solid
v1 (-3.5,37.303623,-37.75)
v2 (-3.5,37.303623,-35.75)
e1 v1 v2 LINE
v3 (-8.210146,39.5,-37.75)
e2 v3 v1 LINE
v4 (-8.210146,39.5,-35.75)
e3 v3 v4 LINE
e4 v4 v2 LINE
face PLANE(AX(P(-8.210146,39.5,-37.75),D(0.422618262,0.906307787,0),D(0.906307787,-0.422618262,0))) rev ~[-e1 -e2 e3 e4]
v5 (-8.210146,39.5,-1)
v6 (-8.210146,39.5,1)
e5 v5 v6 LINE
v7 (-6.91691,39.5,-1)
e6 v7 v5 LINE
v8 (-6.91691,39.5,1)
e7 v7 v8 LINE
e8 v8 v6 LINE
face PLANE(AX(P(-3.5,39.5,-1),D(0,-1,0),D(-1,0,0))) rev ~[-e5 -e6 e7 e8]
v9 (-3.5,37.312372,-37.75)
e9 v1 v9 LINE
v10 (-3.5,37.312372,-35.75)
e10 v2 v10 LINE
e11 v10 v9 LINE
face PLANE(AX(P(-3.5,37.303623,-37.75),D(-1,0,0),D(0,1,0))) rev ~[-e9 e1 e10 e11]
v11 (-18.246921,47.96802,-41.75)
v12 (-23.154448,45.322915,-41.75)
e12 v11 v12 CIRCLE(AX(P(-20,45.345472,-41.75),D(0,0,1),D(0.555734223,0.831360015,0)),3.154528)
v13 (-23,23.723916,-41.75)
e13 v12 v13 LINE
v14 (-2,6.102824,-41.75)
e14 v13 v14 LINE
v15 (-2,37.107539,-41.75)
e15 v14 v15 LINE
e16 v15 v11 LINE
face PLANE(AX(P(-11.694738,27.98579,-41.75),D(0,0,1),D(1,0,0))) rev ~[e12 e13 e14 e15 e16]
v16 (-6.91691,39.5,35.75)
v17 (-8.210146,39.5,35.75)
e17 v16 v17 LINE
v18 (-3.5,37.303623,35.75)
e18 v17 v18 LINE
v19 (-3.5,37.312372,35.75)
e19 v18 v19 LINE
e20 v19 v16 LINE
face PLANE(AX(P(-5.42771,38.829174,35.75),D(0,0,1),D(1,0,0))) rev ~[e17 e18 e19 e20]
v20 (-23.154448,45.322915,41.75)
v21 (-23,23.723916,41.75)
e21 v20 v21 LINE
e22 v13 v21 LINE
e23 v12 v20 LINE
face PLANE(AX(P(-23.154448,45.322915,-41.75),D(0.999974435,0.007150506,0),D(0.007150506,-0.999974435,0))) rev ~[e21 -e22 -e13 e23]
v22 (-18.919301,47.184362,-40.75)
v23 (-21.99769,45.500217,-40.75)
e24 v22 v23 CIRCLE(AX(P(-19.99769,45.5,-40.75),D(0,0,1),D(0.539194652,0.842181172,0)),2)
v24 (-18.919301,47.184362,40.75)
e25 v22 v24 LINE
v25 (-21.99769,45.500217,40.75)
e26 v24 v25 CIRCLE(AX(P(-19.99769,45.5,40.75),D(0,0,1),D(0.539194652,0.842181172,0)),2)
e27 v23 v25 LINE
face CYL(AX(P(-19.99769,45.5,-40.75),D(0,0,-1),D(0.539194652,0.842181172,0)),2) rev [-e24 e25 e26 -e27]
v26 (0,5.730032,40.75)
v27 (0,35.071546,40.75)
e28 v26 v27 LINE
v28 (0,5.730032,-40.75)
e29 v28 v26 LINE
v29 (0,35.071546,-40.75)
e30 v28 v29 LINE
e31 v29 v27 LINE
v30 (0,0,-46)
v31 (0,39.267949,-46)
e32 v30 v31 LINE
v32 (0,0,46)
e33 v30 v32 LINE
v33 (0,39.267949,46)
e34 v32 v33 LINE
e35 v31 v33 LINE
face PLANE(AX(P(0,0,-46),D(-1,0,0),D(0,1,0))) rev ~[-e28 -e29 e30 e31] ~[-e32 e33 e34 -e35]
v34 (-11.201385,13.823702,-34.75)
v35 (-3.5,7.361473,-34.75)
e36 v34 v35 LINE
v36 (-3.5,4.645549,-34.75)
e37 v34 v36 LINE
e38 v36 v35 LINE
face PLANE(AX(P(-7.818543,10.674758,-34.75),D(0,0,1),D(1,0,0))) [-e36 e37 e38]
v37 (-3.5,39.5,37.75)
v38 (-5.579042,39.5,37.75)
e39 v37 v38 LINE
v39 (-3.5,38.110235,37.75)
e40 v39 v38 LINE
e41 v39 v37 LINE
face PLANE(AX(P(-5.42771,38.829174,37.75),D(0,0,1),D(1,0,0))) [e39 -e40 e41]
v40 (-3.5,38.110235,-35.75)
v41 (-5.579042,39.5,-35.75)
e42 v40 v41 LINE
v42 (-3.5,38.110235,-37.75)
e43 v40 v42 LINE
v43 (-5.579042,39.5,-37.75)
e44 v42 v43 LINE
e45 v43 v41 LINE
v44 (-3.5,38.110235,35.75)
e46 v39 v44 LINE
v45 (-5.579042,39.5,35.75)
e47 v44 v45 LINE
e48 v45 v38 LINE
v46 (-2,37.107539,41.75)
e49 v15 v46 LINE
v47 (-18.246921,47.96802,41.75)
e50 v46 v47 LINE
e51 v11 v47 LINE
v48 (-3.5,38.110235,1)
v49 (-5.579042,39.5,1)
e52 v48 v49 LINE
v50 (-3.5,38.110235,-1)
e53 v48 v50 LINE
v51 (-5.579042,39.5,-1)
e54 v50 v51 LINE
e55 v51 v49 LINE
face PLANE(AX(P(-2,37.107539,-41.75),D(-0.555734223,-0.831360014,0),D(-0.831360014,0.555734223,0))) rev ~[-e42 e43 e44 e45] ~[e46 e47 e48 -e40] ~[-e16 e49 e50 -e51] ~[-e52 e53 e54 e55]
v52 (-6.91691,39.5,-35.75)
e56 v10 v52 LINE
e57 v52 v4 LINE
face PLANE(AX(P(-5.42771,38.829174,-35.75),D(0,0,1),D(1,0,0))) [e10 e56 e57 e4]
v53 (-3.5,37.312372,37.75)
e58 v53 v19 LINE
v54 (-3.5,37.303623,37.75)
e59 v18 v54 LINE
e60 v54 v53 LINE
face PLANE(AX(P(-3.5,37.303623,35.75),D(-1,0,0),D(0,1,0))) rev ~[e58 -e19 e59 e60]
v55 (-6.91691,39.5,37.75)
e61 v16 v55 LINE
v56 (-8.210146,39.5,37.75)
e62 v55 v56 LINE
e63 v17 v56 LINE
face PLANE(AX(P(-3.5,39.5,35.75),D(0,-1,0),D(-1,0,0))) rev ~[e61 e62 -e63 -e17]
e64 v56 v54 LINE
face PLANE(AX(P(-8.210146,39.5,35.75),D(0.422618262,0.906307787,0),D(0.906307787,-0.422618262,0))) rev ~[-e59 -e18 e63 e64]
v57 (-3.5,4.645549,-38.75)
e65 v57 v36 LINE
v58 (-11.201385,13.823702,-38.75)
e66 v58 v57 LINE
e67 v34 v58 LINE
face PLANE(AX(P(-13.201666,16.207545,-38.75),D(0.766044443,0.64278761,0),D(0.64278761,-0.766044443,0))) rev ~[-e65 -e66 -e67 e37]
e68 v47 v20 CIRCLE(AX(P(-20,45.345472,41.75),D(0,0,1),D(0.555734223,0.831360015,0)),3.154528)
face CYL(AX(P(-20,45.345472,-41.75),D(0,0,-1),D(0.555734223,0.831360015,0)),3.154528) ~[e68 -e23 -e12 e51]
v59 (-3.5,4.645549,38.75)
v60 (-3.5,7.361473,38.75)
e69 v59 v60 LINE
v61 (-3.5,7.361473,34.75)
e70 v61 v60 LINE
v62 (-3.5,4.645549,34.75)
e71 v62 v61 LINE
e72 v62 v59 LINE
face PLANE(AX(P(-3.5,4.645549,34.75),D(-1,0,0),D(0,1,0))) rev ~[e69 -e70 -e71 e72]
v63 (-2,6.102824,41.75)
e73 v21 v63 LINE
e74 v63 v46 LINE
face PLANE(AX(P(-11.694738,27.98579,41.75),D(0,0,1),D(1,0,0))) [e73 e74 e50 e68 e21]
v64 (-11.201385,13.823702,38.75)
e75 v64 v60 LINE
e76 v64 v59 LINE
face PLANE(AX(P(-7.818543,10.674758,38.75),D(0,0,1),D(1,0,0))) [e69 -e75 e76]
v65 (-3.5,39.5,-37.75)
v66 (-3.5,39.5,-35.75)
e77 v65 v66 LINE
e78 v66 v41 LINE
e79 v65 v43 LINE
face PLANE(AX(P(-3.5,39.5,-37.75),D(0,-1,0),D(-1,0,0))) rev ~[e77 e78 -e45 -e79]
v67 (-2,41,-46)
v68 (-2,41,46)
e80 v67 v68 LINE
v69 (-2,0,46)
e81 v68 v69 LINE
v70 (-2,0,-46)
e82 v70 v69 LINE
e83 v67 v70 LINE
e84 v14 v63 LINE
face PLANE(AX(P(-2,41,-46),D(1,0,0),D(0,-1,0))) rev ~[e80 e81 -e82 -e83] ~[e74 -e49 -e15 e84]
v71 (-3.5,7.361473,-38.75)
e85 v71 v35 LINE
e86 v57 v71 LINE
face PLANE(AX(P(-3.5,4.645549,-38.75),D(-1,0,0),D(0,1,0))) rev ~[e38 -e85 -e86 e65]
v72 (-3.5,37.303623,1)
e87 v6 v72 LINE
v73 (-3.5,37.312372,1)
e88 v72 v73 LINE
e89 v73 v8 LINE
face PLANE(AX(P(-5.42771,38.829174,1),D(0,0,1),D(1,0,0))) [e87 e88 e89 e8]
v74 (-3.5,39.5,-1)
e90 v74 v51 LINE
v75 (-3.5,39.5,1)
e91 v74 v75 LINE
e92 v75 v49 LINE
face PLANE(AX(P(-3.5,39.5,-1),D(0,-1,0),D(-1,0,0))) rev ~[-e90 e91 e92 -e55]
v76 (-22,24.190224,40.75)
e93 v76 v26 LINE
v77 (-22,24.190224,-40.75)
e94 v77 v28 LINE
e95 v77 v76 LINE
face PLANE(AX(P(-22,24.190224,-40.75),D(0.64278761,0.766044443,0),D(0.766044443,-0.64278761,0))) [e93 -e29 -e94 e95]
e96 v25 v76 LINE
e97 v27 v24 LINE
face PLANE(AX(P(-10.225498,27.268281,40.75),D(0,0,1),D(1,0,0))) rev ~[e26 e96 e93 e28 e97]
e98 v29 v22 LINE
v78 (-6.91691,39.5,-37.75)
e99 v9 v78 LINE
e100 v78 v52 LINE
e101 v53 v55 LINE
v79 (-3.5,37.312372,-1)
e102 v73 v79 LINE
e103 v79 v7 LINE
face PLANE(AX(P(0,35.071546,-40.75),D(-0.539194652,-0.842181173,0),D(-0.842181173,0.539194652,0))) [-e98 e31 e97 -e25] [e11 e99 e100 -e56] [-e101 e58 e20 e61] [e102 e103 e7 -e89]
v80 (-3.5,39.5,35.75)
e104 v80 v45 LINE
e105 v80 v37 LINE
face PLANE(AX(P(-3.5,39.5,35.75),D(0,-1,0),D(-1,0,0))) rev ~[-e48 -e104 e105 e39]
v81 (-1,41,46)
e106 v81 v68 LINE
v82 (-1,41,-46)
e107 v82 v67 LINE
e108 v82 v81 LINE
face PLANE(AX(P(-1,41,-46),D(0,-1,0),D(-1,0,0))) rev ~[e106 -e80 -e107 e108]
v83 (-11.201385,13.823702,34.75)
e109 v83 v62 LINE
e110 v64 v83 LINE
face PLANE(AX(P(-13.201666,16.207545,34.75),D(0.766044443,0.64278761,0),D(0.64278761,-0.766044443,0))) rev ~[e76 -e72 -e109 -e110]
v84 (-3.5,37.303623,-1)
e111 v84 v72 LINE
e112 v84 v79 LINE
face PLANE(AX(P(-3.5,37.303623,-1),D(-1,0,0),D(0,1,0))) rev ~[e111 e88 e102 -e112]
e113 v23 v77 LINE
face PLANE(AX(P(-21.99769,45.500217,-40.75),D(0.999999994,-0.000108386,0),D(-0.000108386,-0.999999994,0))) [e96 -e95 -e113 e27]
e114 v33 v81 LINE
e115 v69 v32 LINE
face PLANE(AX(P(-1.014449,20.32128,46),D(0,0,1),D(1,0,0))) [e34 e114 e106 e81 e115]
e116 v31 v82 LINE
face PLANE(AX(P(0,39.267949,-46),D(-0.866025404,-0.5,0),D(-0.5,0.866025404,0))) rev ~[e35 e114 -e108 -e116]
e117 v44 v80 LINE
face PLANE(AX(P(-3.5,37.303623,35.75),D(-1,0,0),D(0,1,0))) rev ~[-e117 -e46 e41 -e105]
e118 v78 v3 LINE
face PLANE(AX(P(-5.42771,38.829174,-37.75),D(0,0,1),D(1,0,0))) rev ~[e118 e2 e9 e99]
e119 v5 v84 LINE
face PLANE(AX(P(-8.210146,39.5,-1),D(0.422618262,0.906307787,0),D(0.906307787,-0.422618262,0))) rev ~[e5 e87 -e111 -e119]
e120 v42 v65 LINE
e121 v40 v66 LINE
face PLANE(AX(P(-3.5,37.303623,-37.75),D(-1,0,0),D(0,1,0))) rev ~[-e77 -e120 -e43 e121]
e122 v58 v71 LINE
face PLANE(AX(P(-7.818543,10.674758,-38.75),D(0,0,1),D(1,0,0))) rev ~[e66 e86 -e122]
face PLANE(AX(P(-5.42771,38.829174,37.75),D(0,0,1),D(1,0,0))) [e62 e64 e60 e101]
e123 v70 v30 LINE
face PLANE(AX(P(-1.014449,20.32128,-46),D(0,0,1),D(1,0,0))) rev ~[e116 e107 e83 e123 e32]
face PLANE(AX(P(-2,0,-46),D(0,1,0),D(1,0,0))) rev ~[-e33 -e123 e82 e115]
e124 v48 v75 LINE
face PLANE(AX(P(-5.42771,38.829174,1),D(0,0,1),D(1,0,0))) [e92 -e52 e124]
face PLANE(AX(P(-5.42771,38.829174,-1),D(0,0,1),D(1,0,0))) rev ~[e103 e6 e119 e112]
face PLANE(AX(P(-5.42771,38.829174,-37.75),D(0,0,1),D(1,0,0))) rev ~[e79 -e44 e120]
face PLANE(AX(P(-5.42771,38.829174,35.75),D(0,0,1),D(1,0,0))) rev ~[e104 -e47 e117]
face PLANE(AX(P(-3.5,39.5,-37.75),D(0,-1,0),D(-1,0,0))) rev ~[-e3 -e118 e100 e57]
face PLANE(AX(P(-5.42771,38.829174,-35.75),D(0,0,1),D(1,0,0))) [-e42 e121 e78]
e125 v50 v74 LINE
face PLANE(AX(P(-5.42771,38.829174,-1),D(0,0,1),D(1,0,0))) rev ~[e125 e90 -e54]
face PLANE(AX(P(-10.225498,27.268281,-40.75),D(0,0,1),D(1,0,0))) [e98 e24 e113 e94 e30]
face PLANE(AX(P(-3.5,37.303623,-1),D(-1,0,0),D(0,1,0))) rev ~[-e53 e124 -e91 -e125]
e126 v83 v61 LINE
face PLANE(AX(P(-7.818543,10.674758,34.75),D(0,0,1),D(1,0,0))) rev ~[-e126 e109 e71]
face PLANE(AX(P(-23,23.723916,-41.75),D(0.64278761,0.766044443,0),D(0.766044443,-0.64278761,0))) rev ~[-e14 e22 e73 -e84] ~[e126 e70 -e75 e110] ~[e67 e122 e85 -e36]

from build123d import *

# Parameters (mm, degrees)
EXTRUDE_1_DEPTH          = 46
EXTRUDE_1_DEPTH_BACK     = 46
EXTRUDE_2_DEPTH          = 41.75
EXTRUDE_2_DEPTH_BACK     = 41.75
CUT_EXTRUDE_1_DEPTH      = 40.75
CUT_EXTRUDE_1_DEPTH_BACK = 40.75
EXTRUDE_3_DEPTH          = 1
EXTRUDE_3_DEPTH_BACK     = 1
EXTRUDE_4_DEPTH          = 1
EXTRUDE_4_DEPTH_BACK     = 1
EXTRUDE_5_DEPTH          = 1
EXTRUDE_5_DEPTH_BACK     = 1
EXTRUDE_6_DEPTH          = 2
EXTRUDE_6_DEPTH_BACK     = 2
EXTRUDE_7_DEPTH          = 2
EXTRUDE_7_DEPTH_BACK     = 2


with BuildPart() as part:
    # 草图1 → 凸台-拉伸1 (new, two sides: drawn at the far end of the back side and taken through both)
    with BuildSketch(Plane.XY.offset(-EXTRUDE_1_DEPTH_BACK)):
        Polygon((-2, 41), (-2, 0), (0, 0), (0, 39.267949192), (-1, 41), align=None)
    extrude(amount=EXTRUDE_1_DEPTH + EXTRUDE_1_DEPTH_BACK)

    # 草图2 → 凸台-拉伸2 (add, two sides: drawn at the far end of the back side and taken through both)
    with BuildSketch(Plane.XY.offset(-EXTRUDE_2_DEPTH_BACK)):
        with BuildLine():
            Line((-23.15444772, 45.322915161), (-23, 23.723915946))
            Line((-23, 23.723915946), (-2, 6.102823691))
            Line((-2, 6.102823691), (-2, 37.107539179))
            Line((-2, 37.107539179), (-18.24692063, 47.968020382))
            ThreePointArc((-18.24692063, 47.968020382), (-21.496697605, 48.122330559), (-23.15444772, 45.322915161))
        make_face()
    extrude(amount=EXTRUDE_2_DEPTH + EXTRUDE_2_DEPTH_BACK)

    # 草图3 → 切除-拉伸1 (cut, two sides: drawn at the far end of the back side and taken through both)
    with BuildSketch(Plane.XY.offset(-CUT_EXTRUDE_1_DEPTH_BACK)):
        with BuildLine():
            Line((-22, 24.190223604), (0, 5.730031718))
            Line((0, 5.730031718), (0, 35.071545943))
            Line((0, 35.071545943), (-18.919301008, 47.184362345))
            ThreePointArc((-18.919301008, 47.184362345), (-20.957600798, 47.254585951), (-21.9976903, 45.500216772))
            Line((-21.9976903, 45.500216772), (-22, 24.190223604))
        make_face()
    extrude(amount=CUT_EXTRUDE_1_DEPTH + CUT_EXTRUDE_1_DEPTH_BACK, mode=Mode.SUBTRACT)

    # 草图4 → 凸台-拉伸3 (add, two sides: drawn at the far end of the back side and taken through both)
    with BuildSketch(Plane.XY.offset(-EXTRUDE_3_DEPTH_BACK)):
        Polygon((-8.210146219, 39.5), (-3.5, 37.303622747), (-3.5, 39.5), align=None)
    extrude(amount=EXTRUDE_3_DEPTH + EXTRUDE_3_DEPTH_BACK)

    # 草图6 → 凸台-拉伸4 (add, two sides: drawn at the far end of the back side and taken through both)
    with BuildSketch(Plane.XY.offset(-36.75).offset(-EXTRUDE_4_DEPTH_BACK)):
        Polygon((-8.210146219, 39.5), (-3.5, 37.303622747), (-3.5, 39.5), align=None)
    extrude(amount=EXTRUDE_4_DEPTH + EXTRUDE_4_DEPTH_BACK)

    # 草图5 → 凸台-拉伸5 (add, two sides: drawn at the far end of the back side and taken through both)
    with BuildSketch(Plane.XY.offset(36.75).offset(-EXTRUDE_5_DEPTH_BACK)):
        Polygon((-8.210146219, 39.5), (-3.5, 37.303622747), (-3.5, 39.5), align=None)
    extrude(amount=EXTRUDE_5_DEPTH + EXTRUDE_5_DEPTH_BACK)

    # 草图7 → 凸台-拉伸6 (add, two sides: drawn at the far end of the back side and taken through both)
    with BuildSketch(Plane.XY.offset(-36.75).offset(-EXTRUDE_6_DEPTH_BACK)):
        Polygon((-13.201666314, 16.207545053), (-3.5, 4.645549369), (-3.5, 8.066880427), align=None)
    extrude(amount=EXTRUDE_6_DEPTH + EXTRUDE_6_DEPTH_BACK)

    # 草图8 → 凸台-拉伸7 (add, two sides: drawn at the far end of the back side and taken through both)
    with BuildSketch(Plane.XY.offset(36.75).offset(-EXTRUDE_7_DEPTH_BACK)):
        Polygon((-13.201666314, 16.207545053), (-3.5, 4.645549369), (-3.5, 8.066880427), align=None)
    extrude(amount=EXTRUDE_7_DEPTH + EXTRUDE_7_DEPTH_BACK)


solid = part.part
